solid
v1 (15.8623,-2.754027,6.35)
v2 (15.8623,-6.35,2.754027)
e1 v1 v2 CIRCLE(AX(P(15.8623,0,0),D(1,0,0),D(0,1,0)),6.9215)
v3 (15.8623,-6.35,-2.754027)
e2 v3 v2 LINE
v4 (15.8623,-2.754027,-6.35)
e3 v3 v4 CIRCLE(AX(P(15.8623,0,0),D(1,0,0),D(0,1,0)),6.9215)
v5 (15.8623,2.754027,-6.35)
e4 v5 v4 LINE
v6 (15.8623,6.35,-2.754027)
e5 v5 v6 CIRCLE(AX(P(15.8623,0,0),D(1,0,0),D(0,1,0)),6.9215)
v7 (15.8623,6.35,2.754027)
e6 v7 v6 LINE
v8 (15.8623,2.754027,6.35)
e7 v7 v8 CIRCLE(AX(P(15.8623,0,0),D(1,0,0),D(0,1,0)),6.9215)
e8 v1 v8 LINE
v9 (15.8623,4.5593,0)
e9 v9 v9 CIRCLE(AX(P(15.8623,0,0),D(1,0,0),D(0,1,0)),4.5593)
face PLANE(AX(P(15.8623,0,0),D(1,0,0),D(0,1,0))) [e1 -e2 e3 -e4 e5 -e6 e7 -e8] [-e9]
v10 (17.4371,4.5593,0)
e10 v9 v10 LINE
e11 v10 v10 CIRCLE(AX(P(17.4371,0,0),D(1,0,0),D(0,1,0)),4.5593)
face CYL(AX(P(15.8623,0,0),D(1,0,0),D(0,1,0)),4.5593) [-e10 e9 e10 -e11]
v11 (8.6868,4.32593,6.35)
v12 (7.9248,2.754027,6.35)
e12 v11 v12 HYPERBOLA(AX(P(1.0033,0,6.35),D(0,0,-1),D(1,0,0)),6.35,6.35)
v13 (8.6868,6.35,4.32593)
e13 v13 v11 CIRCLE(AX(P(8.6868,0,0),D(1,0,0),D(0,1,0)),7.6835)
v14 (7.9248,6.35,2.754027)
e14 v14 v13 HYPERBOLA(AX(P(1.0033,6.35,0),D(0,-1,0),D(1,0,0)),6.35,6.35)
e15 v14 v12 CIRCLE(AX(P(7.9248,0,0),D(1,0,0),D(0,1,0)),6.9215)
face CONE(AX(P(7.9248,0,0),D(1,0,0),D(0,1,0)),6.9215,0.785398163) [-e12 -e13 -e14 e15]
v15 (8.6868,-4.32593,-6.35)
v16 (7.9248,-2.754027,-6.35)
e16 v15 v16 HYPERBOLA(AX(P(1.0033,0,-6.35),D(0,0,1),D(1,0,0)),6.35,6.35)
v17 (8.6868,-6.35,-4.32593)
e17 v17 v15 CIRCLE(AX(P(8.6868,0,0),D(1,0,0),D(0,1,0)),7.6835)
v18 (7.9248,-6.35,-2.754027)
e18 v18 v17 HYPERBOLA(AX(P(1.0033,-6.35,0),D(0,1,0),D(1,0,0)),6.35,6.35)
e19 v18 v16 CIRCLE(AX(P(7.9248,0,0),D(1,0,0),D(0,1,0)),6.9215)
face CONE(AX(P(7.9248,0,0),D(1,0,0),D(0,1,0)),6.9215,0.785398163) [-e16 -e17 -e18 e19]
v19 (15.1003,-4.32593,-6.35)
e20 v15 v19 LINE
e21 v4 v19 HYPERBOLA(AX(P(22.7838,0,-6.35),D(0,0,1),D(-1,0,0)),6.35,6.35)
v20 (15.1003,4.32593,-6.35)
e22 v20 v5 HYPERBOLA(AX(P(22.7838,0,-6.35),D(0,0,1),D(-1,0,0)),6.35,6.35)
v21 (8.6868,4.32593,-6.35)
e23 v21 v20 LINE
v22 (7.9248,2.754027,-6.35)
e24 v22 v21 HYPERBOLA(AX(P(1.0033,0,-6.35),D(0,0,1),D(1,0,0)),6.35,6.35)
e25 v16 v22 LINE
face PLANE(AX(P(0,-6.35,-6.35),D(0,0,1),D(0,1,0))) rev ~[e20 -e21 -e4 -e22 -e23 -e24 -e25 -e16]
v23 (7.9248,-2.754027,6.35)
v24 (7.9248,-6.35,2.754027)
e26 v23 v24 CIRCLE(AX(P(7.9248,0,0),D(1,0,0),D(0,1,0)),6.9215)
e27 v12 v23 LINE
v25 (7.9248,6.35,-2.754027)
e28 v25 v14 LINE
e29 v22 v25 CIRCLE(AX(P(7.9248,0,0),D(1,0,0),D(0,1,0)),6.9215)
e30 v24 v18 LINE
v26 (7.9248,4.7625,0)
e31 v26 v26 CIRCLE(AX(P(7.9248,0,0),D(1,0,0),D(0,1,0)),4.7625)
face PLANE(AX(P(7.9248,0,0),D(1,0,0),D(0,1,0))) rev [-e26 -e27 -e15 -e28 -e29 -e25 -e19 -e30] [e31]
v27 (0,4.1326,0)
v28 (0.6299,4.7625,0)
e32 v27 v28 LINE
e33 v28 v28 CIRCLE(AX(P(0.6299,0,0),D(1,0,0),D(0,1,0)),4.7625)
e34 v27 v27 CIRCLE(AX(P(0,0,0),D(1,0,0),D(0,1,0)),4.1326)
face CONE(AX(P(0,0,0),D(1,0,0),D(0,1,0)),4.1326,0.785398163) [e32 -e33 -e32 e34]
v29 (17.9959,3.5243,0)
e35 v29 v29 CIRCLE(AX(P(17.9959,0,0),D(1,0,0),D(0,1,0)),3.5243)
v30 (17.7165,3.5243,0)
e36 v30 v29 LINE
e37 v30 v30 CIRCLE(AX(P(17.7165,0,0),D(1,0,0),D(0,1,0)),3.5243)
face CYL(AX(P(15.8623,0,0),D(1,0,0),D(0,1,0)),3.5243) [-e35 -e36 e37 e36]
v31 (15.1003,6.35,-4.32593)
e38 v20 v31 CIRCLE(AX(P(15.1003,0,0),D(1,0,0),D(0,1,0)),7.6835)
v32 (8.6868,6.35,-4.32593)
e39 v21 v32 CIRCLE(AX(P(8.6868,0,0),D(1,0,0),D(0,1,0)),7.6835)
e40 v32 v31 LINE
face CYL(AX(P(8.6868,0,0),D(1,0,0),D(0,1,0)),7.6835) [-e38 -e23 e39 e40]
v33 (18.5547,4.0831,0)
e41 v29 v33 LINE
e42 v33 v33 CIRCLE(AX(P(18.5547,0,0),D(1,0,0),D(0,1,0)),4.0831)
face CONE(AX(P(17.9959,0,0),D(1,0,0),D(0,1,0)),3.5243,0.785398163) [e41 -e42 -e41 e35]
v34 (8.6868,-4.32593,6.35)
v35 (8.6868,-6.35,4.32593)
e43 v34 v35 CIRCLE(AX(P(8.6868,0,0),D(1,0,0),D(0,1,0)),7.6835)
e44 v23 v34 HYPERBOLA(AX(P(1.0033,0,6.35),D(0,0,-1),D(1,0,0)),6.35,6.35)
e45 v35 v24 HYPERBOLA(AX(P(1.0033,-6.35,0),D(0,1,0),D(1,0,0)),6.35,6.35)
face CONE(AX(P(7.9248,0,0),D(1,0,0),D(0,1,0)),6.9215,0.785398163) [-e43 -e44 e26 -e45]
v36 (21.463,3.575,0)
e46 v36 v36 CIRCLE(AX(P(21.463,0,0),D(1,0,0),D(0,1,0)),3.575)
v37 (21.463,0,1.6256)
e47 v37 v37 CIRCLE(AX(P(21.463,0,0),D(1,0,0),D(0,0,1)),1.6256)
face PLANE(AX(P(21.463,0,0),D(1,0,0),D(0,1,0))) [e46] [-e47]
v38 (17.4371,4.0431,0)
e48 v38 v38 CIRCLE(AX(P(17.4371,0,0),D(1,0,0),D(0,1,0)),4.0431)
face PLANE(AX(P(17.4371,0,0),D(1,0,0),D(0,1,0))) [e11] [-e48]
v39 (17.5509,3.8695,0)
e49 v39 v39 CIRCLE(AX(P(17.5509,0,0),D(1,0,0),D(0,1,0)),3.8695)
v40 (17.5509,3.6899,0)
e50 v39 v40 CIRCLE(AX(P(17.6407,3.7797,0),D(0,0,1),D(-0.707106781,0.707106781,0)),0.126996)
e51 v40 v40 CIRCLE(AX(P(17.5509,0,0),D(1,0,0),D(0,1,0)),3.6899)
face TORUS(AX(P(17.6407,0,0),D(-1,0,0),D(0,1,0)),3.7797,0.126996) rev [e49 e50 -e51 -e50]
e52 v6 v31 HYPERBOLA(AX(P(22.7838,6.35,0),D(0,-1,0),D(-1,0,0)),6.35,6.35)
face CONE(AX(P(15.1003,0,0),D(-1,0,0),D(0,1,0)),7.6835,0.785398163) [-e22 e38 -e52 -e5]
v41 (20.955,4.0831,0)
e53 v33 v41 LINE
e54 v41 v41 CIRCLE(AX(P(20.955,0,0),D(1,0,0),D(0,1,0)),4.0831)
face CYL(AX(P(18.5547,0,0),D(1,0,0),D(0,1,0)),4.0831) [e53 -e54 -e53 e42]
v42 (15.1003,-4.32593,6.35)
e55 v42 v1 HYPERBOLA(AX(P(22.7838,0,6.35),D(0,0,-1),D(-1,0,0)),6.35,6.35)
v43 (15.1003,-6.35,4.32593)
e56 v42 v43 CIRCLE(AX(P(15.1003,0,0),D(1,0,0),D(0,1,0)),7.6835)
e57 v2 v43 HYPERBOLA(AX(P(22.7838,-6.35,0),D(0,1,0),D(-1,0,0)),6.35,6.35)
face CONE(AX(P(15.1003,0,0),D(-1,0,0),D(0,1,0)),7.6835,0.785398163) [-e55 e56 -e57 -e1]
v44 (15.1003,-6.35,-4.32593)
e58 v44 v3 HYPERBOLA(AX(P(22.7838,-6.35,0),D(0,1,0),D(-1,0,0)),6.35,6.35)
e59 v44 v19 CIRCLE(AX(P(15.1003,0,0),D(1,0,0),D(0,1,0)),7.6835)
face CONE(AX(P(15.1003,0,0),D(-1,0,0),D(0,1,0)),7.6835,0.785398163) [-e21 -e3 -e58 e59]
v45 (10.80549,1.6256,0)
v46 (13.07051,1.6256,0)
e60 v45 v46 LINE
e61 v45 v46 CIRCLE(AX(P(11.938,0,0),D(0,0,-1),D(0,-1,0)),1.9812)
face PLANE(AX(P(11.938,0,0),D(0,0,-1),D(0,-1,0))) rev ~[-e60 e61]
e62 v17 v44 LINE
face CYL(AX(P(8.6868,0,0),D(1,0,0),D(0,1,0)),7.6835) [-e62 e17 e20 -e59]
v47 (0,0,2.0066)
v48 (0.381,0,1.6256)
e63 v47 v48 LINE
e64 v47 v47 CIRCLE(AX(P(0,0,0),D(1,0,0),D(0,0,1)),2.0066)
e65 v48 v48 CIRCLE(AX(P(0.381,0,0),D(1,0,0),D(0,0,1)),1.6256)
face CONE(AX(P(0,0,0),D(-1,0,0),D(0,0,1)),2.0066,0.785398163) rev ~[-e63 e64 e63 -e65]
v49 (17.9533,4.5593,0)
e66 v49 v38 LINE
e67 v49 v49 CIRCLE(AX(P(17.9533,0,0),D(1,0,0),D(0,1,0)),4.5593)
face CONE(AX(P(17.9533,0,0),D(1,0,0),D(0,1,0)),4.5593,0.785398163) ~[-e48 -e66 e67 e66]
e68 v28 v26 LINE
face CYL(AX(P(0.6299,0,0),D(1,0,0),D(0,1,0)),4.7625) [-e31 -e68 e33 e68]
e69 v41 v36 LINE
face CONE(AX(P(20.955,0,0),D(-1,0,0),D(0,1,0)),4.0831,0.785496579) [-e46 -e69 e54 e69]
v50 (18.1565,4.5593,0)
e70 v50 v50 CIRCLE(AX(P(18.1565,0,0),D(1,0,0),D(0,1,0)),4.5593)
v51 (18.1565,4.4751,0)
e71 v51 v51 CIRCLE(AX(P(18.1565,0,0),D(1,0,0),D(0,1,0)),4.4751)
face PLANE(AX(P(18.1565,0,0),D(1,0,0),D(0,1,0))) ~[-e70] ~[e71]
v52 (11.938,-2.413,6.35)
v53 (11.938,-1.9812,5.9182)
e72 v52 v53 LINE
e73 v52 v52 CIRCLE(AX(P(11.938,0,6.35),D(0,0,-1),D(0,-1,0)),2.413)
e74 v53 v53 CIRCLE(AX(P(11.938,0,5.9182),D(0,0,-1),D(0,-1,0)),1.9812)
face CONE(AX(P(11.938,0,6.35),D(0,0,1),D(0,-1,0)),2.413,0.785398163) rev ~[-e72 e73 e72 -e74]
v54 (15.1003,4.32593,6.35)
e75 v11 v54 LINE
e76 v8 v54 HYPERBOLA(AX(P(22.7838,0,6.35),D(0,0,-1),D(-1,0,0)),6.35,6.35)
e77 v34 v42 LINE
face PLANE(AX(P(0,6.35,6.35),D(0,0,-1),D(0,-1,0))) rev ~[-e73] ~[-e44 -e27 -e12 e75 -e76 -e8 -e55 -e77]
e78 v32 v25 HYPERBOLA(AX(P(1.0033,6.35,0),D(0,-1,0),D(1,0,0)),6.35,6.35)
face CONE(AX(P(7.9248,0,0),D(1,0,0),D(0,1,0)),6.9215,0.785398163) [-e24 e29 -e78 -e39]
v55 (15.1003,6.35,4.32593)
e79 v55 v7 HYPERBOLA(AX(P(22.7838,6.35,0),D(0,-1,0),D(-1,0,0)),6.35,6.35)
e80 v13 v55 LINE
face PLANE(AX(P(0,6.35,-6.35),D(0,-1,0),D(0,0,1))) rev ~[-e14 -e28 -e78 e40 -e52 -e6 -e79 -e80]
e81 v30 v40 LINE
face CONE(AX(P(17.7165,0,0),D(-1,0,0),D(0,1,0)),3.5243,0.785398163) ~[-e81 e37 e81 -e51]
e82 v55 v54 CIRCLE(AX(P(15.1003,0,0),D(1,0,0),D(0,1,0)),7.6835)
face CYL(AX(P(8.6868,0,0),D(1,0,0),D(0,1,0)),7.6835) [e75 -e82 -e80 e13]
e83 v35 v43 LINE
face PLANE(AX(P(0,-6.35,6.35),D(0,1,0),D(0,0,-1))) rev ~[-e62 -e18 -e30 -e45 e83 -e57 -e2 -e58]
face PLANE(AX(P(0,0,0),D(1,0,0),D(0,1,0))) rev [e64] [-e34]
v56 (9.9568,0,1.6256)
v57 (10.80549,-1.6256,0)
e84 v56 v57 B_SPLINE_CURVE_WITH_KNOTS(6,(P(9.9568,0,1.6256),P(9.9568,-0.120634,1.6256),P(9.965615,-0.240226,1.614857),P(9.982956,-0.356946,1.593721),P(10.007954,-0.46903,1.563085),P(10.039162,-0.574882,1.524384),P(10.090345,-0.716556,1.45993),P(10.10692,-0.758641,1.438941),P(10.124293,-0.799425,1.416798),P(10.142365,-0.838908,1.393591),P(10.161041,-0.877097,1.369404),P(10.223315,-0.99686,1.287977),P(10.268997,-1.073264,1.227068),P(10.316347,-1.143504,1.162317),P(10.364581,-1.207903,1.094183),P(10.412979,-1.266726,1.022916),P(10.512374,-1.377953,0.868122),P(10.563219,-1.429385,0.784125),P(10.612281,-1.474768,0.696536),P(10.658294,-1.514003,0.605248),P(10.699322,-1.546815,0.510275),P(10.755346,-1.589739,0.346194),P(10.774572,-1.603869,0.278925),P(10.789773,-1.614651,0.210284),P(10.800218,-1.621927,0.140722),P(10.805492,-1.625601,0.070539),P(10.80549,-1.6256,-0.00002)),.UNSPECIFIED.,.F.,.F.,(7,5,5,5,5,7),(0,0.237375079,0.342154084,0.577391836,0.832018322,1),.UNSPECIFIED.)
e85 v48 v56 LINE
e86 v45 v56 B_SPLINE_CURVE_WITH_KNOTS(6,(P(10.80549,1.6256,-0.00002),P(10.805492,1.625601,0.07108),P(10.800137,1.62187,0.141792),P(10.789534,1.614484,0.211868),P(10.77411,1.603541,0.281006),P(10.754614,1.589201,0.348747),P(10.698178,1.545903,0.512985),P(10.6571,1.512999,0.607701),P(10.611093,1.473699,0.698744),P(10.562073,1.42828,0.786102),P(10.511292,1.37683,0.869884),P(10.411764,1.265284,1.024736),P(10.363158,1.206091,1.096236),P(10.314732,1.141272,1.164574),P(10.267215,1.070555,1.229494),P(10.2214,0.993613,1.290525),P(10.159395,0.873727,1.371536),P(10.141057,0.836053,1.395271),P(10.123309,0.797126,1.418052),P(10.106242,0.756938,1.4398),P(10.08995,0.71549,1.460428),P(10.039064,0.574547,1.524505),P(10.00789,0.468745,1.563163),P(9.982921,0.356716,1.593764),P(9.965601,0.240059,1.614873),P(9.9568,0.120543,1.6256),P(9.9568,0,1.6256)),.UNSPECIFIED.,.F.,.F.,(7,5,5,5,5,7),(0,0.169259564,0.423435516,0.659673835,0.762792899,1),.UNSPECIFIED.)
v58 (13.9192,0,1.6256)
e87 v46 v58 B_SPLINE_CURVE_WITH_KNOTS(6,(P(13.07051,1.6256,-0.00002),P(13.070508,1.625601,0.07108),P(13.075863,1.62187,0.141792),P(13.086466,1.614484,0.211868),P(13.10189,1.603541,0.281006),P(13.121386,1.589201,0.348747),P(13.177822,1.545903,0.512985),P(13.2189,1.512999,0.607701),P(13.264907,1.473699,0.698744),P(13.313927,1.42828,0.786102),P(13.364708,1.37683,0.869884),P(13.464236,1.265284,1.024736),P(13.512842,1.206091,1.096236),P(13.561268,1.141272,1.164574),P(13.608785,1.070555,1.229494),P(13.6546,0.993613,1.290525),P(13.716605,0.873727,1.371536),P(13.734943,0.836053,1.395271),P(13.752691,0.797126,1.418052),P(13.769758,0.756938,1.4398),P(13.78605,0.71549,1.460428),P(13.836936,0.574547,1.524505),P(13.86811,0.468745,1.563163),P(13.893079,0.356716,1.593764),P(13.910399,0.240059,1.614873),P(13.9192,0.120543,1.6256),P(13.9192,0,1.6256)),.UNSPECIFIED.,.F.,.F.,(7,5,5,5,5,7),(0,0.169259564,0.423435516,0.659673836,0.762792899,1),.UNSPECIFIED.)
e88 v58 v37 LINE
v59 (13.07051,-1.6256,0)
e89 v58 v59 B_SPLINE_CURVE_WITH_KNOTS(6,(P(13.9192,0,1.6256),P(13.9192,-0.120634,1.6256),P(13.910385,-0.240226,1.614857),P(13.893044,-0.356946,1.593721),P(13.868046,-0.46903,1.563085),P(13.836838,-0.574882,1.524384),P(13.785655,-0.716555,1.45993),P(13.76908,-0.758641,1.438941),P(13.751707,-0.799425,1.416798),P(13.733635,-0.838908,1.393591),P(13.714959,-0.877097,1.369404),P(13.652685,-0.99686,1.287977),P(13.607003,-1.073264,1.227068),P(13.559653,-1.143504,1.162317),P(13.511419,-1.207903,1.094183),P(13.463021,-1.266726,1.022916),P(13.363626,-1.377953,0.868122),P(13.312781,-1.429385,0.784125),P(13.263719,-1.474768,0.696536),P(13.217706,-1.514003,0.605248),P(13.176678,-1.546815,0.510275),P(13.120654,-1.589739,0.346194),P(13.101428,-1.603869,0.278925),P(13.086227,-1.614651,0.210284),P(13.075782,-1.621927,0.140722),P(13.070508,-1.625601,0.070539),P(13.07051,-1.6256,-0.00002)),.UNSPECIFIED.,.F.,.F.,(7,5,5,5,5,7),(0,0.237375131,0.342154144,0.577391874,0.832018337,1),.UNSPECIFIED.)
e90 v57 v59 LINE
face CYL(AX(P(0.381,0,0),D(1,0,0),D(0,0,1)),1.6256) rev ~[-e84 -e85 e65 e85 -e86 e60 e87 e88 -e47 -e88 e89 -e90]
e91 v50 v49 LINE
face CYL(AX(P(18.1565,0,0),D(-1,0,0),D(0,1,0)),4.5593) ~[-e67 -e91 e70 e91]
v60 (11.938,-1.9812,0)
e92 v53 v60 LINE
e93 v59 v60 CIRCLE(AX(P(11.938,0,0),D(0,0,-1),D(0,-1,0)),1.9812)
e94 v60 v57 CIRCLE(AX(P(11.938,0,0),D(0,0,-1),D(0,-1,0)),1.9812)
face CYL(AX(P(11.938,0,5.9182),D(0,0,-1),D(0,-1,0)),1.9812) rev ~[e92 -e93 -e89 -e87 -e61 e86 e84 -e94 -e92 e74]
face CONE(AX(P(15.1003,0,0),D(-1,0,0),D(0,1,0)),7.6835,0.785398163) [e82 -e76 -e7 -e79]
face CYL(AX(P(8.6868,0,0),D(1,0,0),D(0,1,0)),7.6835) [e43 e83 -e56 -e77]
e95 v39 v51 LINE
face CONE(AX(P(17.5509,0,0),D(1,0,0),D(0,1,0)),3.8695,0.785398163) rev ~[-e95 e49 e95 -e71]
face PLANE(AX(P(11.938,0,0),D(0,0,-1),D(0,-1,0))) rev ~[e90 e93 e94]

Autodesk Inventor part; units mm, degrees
sketch "Sketch_1" plane through (0, 0, 0) normal (0, 0, 1) x (1, 0, 0)
  line L0 (7.9248, 0) -> (0, 0)
  line L1 (0, 0) -> (0, 4.1326)
  line L2 (0, 4.1326) -> (0.6299, 4.7625)
  line L3 (0.6299, 4.7625) -> (7.9248, 4.7625)
  line L4 (7.9248, 4.7625) -> (7.9248, 0)
  line L5 (7.9248, 0) -> (0, 0)
revolve "Revolution1" add sketch "Sketch_1" angle 360 about axis through (7.9248, 0, 0) along (1, 0, 0)
thread "Thread1" size "3/8-24 UNF" class "2A" standard "ANSI Unified Screw Threads" full length
sketch "Sketch_3" plane through (0, 0, 0) normal (0, 0, 1) x (1, 0, 0)
  line L0 (21.463, 0) -> (7.9248, 0)
  line L1 (7.9248, 0) -> (7.9248, 6.9215)
  line L2 (7.9248, 6.9215) -> (8.6868, 7.6835)
  line L3 (8.6868, 7.6835) -> (15.1003, 7.6835)
  line L4 (15.1003, 7.6835) -> (15.8623, 6.9215)
  line L5 (15.8623, 6.9215) -> (15.8623, 3.5243)
  line L6 (15.8623, 3.5243) -> (17.9959, 3.5243)
  line L7 (17.9959, 3.5243) -> (18.5547, 4.0831)
  line L8 (18.5547, 4.0831) -> (20.955, 4.0831)
  line L9 (20.955, 4.0831) -> (21.463, 3.575)
  line L10 (21.463, 3.575) -> (21.463, 0)
  line L11 (21.463, 0) -> (7.9248, 0)
revolve "Revolution2" add sketch "Sketch_3" angle 360 about axis through (21.463, 0, 0) along (1, 0, 0)
sketch "Sketch_17" plane through (0, 0, 0) normal (0, 0, 1) x (1, 0, 0)
  line L0 (17.4371, 0) -> (15.8623, 0)
  line L1 (15.8623, 0) -> (15.8623, 4.5593)
  line L2 (15.8623, 4.5593) -> (17.4371, 4.5593)
  line L3 (17.4371, 4.5593) -> (17.4371, 0)
  line L4 (17.4371, 0) -> (15.8623, 0)
revolve "Revolution3" add sketch "Sketch_17" angle 360 about axis through (17.4371, 0, 0) along (1, 0, 0)
sketch "Sketch4" plane through (0, 0, 0) normal (-1, 0, 0) x (0, 0, 1)
  point P0 (0, 0)
hole "Hole1" at (0, 0, 0) direction (1, 0, 0) diameter 3.2512 depth 21.463 countersink diameter 4.0132 countersink angle 90
sketch "Sketch_16" plane through (0, 0, 0) normal (1, 0, 0) x (0, 1, 0)
  line L0 (-12.7, 12.7) -> (-12.7, -12.7)
  line L1 (-12.7, -12.7) -> (12.7, -12.7)
  line L2 (12.7, -12.7) -> (12.7, 12.7)
  line L3 (12.7, 12.7) -> (-12.7, 12.7)
  line L4 (-6.35, 6.35) -> (-6.35, -6.35)
  line L5 (-6.35, -6.35) -> (6.35, -6.35)
  line L6 (6.35, -6.35) -> (6.35, 6.35)
  line L7 (6.35, 6.35) -> (-6.35, 6.35)
extrude "Extrusion1" cut sketch "Sketch_16" along normal blind 21.463
sketch "Sketch6" plane through (8.6868, -4.3259, 6.35) normal (0, 0, 1) x (1, 0, 0)
  point P0 (3.2512, 4.3259)
hole "Hole2" at (11.938, 0, 6.35) direction (0, 0, -1) diameter 3.9624 depth 6.35 countersink diameter 4.826 countersink angle 90 thread size "10-32 UNF" class "2B" standard "ANSI Unified Screw Threads"
sketch "Sketch_47" plane through (0, 0, 0) normal (0, 0, 1) x (1, 0, 0)
  line L0 (17.9959, 0) -> (17.4371, 0)
  line L1 (17.4371, 4.0431) -> (17.4371, 3.2702)
  line L2 (17.4371, 3.2702) -> (17.9959, 3.2702)
  line L3 (17.9959, 3.2702) -> (17.9959, 3.5243)
  line L4 (17.9959, 3.5243) -> (17.7165, 3.5243)
  line L5 (17.7165, 3.5243) -> (17.5509, 3.6899)
  arc A0 (17.5509, 3.8695) -> (17.5509, 3.6899) centre (17.6407, 3.7797) ccw
  line L6 (17.5509, 3.8695) -> (18.1565, 4.4751)
  line L7 (18.1565, 4.4751) -> (18.1565, 4.5593)
  line L8 (18.1565, 4.5593) -> (17.9533, 4.5593)
  line L9 (17.9533, 4.5593) -> (17.4371, 4.0431)
revolve "Revolution4" add sketch "Sketch_47" angle 360 about axis through (17.9959, 0, 0) along (1, 0, 0)
ref_plane "hh_XY" through (0, 4.7625, 0) normal (0, 0, 1) x (1, 0, 0)
ref_plane "hh_YZ" through (0, 4.7625, 0) normal (1, 0, 0) x (0, 1, 0)
ref_plane "hh_ZX" through (0, 4.7625, 0) normal (0, 1, 0) x (0, 0, 1)
ref_plane "port_XY" through (11.938, 0, 0) normal (0, 0, 1) x (1, 0, 0)
ref_plane "port_YZ" through (11.938, 0, 0) normal (1, 0, 0) x (0, 1, 0)
ref_plane "port_ZX" through (11.938, 0, 0) normal (0, 1, 0) x (0, 0, 1)
ref_plane "rod_guide_XY" through (0, 0, 0) normal (1, 0, 0) x (0, 0, -1)
ref_plane "rod_guide_YZ" through (0, 0, 0) normal (0, 0, -1) x (0, 1, 0)
ref_plane "rod_guide_ZX" through (0, 0, 0) normal (0, 1, 0) x (1, 0, 0)
ref_plane "sq1_XY" through (0, 0, 6.35) normal (1, 0, 0) x (0, 0, -1)
ref_plane "sq1_YZ" through (0, 0, 6.35) normal (0, 0, -1) x (0, 1, 0)
ref_plane "sq1_ZX" through (0, 0, 6.35) normal (0, 1, 0) x (1, 0, 0)
ref_plane "sq2_XY" through (0, 0, -6.35) normal (1, 0, 0) x (0, 0, -1)
ref_plane "sq2_YZ" through (0, 0, -6.35) normal (0, 0, -1) x (0, 1, 0)
ref_plane "sq2_ZX" through (0, 0, -6.35) normal (0, 1, 0) x (1, 0, 0)
ref_plane "t1_XY" through (7.9248, 0, 0) normal (1, 0, 0) x (0, 0, -1)
ref_plane "t1_YZ" through (7.9248, 0, 0) normal (0, 0, -1) x (0, 1, 0)
ref_plane "t1_ZX" through (7.9248, 0, 0) normal (0, 1, 0) x (1, 0, 0)
ref_plane "t111_XY" through (7.9248, 0, 0) normal (1, 0, 0) x (0, 0, -1)
ref_plane "t111_YZ" through (7.9248, 0, 0) normal (0, 0, -1) x (0, 1, 0)
ref_plane "t111_ZX" through (7.9248, 0, 0) normal (0, 1, 0) x (1, 0, 0)
ref_plane "to_foot_bracket_XY" through (7.9248, 0, 0) normal (1, 0, 0) x (0, 0, -1)
ref_plane "to_foot_bracket_YZ" through (7.9248, 0, 0) normal (0, 0, -1) x (0, 1, 0)
ref_plane "to_foot_bracket_ZX" through (7.9248, 0, 0) normal (0, 1, 0) x (1, 0, 0)
ref_plane "to_nut_XY" through (7.9248, 0, 0) normal (1, 0, 0) x (0, 0, -1)
ref_plane "to_nut_YZ" through (7.9248, 0, 0) normal (0, 0, -1) x (0, 1, 0)
ref_plane "to_nut_ZX" through (7.9248, 0, 0) normal (0, 1, 0) x (1, 0, 0)
ref_plane "to_rod_XY" through (-18.415, 0, 0) normal (1, 0, 0) x (0, 0, -1)
ref_plane "to_rod_YZ" through (-18.415, 0, 0) normal (0, 0, -1) x (0, 1, 0)
ref_plane "to_rod_ZX" through (-18.415, 0, 0) normal (0, 1, 0) x (1, 0, 0)
ref_plane "to_screw_XY" through (11.938, 0, 0) normal (0, 1, 0) x (1, 0, 0)
ref_plane "to_screw_YZ" through (11.938, 0, 0) normal (1, 0, 0) x (0, 0, -1)
ref_plane "to_screw_ZX" through (11.938, 0, 0) normal (0, 0, -1) x (0, 1, 0)
ref_plane "to_trunnion_brackets_XY" through (0, 0, 0) normal (0, 1, 0) x (1, 0, 0)
ref_plane "to_trunnion_brackets_YZ" through (0, 0, 0) normal (1, 0, 0) x (0, 0, -1)
ref_plane "to_trunnion_brackets_ZX" through (0, 0, 0) normal (0, 0, -1) x (0, 1, 0)
ref_plane "to_trunnion_brackets1_XY" through (0, 6.35, 0) normal (0, 1, 0) x (1, 0, 0)
ref_plane "to_trunnion_brackets1_YZ" through (0, 6.35, 0) normal (1, 0, 0) x (0, 0, -1)
ref_plane "to_trunnion_brackets1_ZX" through (0, 6.35, 0) normal (0, 0, -1) x (0, 1, 0)
ref_plane "to_trunnion_brackets2_XY" through (0, -6.35, 0) normal (0, 1, 0) x (1, 0, 0)
ref_plane "to_trunnion_brackets2_YZ" through (0, -6.35, 0) normal (1, 0, 0) x (0, 0, -1)
ref_plane "to_trunnion_brackets2_ZX" through (0, -6.35, 0) normal (0, 0, -1) x (0, 1, 0)
ref_plane "to_tube_XY" through (17.9959, 0, 0) normal (1, 0, 0) x (0, 0, -1)
ref_plane "to_tube_YZ" through (17.9959, 0, 0) normal (0, 0, -1) x (0, 1, 0)
ref_plane "to_tube_ZX" through (17.9959, 0, 0) normal (0, 1, 0) x (1, 0, 0)
properties part number "007R000-0.725_rod_guide"
